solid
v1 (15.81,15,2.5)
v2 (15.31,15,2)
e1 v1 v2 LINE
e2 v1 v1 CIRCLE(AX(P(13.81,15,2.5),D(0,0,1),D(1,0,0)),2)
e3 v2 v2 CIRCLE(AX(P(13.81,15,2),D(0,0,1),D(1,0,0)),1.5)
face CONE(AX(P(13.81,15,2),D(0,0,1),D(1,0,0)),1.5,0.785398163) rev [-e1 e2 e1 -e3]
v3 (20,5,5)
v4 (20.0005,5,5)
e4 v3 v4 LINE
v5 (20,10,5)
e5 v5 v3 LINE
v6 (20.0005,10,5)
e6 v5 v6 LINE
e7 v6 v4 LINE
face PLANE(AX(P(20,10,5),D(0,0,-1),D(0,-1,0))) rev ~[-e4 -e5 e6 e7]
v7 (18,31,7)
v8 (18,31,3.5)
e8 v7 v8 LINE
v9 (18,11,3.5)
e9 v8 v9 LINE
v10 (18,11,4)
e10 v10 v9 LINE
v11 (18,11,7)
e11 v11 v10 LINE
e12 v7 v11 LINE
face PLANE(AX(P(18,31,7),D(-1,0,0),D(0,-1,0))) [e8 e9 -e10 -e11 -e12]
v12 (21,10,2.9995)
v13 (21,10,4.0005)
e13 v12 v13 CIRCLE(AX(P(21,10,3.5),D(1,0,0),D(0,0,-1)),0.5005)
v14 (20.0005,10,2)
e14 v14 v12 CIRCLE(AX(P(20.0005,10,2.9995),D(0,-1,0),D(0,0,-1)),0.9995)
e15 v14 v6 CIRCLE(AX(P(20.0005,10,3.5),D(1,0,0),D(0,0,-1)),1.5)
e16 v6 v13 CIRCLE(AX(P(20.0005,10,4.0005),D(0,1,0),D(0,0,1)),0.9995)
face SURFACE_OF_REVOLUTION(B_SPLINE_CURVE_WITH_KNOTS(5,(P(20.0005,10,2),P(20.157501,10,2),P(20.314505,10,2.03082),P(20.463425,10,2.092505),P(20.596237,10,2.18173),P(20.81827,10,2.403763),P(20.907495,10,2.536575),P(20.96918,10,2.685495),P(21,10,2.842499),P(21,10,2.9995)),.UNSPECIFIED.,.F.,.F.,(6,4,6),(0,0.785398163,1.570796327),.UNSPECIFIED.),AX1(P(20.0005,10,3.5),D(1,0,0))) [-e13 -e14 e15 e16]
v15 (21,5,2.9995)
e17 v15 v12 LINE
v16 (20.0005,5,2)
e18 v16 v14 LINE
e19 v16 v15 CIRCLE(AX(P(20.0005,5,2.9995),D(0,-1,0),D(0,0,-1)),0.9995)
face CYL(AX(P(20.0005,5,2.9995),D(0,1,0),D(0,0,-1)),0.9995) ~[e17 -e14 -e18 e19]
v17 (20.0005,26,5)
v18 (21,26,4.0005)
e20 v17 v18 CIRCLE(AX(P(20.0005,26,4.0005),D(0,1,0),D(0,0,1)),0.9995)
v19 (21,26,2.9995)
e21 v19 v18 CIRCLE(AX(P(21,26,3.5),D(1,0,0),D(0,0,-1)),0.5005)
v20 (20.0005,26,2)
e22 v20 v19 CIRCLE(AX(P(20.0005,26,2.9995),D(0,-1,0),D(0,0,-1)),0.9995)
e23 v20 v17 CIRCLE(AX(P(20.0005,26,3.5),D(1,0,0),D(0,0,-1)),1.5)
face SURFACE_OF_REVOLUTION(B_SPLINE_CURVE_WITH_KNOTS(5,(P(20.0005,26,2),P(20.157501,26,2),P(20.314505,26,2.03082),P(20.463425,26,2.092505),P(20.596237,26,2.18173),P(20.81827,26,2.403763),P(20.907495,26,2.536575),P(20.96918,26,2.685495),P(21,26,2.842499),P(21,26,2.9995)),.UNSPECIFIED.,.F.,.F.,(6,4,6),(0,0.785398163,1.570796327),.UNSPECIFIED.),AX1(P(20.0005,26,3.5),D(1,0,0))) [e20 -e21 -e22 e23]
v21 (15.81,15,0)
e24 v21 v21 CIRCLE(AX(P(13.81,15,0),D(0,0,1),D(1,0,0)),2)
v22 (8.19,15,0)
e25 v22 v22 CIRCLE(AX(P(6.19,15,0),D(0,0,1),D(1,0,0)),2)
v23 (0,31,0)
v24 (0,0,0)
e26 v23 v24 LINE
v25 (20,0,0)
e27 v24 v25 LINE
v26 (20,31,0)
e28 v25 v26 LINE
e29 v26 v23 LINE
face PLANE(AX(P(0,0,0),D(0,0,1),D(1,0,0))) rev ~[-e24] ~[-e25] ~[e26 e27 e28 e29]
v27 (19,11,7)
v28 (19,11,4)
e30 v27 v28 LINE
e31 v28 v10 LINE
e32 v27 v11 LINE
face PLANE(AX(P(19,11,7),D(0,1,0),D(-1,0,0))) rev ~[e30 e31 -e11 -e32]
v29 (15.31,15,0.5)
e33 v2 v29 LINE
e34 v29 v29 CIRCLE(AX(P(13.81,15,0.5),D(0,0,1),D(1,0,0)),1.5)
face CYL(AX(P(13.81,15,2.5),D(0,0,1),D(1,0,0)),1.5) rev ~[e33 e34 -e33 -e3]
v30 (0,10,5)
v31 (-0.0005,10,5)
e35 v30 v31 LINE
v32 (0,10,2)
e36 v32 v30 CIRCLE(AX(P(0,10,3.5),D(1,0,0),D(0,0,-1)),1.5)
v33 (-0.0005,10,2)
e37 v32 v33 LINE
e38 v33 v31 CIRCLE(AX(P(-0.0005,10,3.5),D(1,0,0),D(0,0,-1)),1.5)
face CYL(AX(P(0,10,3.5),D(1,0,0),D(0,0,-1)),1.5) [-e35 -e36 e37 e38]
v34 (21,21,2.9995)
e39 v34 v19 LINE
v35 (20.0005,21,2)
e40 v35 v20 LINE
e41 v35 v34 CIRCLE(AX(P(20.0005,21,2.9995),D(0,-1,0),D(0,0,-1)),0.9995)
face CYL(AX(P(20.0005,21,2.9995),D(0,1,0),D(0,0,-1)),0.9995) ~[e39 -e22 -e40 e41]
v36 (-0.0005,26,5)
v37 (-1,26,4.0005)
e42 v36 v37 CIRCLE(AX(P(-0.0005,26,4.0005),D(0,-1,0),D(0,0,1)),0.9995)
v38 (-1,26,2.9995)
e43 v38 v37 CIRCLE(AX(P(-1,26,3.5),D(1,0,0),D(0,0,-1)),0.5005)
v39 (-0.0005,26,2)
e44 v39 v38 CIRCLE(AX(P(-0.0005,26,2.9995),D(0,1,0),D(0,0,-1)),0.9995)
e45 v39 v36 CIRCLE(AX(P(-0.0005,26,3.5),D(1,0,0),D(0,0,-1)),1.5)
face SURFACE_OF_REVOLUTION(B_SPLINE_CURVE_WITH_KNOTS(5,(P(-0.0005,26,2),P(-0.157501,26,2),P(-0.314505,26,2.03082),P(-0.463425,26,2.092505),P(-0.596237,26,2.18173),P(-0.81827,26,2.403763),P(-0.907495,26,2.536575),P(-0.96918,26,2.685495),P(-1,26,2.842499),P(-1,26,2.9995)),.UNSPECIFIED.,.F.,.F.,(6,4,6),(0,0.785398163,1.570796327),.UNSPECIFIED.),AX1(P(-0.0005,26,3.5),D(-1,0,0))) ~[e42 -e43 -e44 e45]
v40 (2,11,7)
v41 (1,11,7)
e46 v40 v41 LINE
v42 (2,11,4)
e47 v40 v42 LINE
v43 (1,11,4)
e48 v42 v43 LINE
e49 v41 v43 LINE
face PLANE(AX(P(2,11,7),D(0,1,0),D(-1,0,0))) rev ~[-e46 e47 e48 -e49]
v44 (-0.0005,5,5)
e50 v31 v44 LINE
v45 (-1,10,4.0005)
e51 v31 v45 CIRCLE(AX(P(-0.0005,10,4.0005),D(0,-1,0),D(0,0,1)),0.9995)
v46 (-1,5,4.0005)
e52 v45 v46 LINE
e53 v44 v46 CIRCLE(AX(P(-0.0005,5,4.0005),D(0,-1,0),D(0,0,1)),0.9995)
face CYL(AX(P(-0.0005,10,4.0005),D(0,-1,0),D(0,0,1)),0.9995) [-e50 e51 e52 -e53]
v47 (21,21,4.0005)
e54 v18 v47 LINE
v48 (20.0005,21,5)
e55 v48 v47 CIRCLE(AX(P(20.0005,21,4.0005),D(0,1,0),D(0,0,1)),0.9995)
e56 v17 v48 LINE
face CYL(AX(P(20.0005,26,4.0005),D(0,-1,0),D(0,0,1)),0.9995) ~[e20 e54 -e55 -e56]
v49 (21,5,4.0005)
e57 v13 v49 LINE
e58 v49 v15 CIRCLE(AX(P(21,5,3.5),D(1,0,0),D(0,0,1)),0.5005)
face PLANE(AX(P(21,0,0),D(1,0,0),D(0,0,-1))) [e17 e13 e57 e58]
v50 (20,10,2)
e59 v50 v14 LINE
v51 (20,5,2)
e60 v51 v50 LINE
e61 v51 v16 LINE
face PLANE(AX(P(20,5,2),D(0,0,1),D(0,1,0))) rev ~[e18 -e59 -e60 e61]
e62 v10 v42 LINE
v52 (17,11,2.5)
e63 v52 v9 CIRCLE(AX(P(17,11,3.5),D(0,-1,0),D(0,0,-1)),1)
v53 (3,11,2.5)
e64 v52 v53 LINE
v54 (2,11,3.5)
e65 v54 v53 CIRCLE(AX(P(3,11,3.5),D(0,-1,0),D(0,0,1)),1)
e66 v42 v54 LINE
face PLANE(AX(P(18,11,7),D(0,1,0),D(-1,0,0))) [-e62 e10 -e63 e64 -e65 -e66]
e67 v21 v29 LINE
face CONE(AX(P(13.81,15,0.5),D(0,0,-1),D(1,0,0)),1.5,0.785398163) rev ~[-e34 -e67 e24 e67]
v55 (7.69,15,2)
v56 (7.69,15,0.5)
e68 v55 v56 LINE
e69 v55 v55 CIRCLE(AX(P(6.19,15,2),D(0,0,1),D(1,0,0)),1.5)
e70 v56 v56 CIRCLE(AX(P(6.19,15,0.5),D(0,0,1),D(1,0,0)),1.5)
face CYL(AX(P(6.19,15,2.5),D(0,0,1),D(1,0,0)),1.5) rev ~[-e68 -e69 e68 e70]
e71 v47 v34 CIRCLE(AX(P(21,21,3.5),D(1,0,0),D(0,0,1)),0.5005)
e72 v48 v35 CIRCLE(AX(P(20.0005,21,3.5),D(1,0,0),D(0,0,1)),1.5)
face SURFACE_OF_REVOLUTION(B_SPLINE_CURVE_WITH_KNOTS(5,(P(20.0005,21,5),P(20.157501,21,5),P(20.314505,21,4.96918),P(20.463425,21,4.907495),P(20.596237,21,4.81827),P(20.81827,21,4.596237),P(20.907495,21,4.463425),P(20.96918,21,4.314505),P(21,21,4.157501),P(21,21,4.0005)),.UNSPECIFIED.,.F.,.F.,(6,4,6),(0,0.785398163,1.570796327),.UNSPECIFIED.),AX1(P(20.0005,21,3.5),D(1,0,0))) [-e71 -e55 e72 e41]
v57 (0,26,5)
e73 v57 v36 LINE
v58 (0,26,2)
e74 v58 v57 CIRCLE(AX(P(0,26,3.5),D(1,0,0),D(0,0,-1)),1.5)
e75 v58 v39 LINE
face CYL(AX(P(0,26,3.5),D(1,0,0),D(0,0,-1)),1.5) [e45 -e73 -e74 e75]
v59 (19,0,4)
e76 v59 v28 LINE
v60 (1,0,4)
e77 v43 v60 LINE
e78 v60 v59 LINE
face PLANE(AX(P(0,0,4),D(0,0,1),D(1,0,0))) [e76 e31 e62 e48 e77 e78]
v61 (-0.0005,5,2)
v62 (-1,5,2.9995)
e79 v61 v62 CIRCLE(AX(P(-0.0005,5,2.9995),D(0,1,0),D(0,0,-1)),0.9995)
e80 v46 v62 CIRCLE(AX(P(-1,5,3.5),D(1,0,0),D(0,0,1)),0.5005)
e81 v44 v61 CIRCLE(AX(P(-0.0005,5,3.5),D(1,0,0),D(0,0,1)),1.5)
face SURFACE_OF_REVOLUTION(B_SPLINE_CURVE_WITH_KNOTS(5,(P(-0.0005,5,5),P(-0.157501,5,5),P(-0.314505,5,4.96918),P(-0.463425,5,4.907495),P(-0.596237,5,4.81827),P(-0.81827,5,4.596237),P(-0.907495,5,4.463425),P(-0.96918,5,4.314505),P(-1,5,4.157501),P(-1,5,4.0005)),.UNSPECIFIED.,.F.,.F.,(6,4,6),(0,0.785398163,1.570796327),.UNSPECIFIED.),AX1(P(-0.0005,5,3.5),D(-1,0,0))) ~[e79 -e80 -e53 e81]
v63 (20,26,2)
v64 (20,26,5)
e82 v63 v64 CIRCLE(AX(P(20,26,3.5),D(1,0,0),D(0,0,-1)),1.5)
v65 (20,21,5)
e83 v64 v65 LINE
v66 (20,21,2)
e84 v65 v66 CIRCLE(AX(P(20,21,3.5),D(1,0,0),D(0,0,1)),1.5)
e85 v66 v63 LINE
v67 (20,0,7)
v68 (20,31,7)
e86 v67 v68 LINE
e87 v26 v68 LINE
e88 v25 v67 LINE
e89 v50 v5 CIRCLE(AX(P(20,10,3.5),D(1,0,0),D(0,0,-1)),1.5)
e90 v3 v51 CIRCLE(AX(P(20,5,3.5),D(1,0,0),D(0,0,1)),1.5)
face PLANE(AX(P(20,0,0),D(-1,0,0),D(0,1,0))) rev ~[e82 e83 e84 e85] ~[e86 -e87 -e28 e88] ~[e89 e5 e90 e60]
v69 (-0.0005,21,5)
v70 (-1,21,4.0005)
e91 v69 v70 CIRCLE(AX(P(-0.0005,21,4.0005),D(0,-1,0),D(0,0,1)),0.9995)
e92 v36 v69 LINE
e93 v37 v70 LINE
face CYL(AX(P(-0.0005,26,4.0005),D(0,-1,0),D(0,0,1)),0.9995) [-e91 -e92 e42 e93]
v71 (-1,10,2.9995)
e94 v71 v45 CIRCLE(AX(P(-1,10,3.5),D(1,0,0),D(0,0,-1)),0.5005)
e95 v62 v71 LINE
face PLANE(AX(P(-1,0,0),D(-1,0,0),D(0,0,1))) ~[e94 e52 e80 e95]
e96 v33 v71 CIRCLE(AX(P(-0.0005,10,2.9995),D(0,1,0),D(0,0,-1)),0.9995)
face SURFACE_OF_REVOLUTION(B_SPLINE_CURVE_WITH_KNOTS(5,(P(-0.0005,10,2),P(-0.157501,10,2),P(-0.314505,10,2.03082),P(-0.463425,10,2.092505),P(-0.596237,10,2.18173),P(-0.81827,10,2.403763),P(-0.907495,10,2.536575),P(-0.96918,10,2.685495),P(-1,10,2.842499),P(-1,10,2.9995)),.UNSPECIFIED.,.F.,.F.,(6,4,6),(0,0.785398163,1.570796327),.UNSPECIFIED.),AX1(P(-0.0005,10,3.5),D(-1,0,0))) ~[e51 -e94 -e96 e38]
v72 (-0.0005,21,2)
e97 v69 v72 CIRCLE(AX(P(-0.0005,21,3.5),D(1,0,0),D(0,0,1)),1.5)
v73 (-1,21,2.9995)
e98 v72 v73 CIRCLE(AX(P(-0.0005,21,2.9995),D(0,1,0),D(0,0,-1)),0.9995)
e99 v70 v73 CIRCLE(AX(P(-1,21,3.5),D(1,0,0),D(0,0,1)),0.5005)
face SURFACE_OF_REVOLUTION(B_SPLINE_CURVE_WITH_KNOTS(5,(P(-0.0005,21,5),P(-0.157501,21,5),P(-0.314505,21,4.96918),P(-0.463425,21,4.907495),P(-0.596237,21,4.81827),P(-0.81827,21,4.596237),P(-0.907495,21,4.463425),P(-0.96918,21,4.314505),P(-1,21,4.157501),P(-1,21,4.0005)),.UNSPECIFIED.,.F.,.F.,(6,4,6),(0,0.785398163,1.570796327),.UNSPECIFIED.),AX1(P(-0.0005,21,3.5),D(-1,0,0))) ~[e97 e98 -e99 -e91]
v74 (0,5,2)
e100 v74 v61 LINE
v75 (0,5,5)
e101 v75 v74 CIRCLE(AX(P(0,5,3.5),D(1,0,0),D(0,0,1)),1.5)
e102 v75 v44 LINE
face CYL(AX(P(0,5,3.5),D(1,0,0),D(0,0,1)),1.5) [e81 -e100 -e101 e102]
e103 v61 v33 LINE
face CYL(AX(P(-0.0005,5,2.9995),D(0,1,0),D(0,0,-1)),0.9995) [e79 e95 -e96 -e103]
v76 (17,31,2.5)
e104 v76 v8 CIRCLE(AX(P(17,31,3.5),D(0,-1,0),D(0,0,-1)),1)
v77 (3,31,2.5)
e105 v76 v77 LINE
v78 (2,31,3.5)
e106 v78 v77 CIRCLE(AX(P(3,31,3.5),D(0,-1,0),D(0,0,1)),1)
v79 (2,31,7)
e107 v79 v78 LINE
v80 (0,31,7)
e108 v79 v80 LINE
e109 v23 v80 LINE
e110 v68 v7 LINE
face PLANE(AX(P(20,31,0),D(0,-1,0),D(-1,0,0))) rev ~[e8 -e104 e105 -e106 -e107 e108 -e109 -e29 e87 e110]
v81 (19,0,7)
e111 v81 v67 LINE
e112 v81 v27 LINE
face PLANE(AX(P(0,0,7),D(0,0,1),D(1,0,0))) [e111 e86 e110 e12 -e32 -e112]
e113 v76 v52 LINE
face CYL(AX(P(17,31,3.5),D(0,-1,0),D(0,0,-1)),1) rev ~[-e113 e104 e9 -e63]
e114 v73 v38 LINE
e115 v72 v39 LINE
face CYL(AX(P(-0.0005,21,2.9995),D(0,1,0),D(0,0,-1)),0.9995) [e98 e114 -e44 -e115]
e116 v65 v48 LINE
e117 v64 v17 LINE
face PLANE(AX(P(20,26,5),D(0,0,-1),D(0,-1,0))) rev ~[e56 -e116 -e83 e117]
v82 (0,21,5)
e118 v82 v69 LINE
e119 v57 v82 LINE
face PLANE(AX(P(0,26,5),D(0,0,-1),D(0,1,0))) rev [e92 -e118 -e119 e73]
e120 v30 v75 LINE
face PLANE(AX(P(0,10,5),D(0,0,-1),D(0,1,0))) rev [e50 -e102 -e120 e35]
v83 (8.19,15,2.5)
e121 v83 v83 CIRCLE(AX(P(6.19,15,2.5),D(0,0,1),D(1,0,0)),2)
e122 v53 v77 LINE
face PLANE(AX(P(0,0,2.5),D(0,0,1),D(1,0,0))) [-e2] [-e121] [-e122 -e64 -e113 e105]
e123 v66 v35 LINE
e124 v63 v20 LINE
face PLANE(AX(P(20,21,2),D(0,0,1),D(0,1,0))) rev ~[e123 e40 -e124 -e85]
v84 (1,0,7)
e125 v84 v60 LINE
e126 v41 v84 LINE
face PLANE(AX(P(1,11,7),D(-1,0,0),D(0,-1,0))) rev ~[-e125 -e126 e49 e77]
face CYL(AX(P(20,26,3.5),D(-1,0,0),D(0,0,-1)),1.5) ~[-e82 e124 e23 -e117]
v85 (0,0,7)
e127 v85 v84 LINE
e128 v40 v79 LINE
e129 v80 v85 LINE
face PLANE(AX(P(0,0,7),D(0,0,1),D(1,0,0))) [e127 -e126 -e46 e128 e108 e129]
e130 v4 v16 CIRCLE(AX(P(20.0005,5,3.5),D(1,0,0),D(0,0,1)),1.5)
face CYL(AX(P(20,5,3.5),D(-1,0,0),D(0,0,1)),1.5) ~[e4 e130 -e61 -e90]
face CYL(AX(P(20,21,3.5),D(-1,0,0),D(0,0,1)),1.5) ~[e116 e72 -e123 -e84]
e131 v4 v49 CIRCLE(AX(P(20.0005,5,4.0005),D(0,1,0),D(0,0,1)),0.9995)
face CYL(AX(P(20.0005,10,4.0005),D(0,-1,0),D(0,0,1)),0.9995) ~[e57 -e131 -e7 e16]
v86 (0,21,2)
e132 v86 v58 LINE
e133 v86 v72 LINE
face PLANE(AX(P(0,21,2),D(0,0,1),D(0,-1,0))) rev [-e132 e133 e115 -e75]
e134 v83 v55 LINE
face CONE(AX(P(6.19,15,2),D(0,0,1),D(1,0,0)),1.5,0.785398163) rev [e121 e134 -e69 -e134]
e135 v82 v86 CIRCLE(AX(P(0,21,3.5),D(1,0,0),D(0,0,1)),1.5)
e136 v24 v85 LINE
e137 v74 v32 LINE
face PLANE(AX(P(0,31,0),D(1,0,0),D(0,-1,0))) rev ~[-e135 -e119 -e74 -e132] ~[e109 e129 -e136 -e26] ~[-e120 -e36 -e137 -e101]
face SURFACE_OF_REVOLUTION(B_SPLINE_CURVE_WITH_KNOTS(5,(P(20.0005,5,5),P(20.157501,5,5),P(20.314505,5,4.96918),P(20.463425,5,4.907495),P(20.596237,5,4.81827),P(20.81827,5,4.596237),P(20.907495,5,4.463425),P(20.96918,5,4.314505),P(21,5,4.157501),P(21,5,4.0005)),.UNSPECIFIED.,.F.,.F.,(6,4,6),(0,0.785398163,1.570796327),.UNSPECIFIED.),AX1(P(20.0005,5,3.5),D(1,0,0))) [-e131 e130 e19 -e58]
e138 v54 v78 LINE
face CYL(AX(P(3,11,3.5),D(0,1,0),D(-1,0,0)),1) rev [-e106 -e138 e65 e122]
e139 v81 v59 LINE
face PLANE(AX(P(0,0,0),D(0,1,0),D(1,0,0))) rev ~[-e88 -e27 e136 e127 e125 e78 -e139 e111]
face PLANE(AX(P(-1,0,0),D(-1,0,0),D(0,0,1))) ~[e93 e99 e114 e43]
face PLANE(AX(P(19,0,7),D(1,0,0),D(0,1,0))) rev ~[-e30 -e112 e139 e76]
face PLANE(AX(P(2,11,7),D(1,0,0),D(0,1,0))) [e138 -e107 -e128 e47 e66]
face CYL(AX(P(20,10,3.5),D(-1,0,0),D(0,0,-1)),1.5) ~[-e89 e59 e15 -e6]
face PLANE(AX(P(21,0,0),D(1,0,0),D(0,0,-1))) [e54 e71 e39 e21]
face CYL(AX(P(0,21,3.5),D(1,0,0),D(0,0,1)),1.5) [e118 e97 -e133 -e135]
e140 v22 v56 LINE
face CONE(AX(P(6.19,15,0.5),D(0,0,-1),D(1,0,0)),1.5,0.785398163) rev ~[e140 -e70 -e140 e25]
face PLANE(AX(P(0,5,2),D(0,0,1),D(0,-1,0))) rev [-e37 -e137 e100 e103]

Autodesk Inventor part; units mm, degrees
ref_plane "YZ Plane" through (0, 0, 0) normal (1, 0, 0) x (0, 1, 0)
ref_plane "XZ Plane" through (0, 0, 0) normal (0, 1, 0) x (-1, 0, 0)
sketch "Sketch1" plane through (0, 0, 0) normal (0, 0, 1) x (1, 0, 0)
  line L0 (0, 0) -> (20, 0)
  line L1 (20, 0) -> (20, 31)
  line L2 (20, 31) -> (0, 31)
  line L3 (0, 31) -> (0, 0)
  dimension "d0" = 20
  dimension "d1" = 31
extrude "Extrusion1" add sketch "Sketch1" along normal blind 7
sketch "Sketch2" plane through (0, 0, 7) normal (0, 0, 1) x (1, 0, 0)
  line L0 (20, 31) -> (0, 31) projected
  line L1 (2, 31) -> (18, 31)
  line L2 (18, 31) -> (18, 11)
  line L3 (18, 11) -> (2, 11)
  line L4 (2, 11) -> (2, 31)
  line L5 (0, 31) -> (0, 0) projected
  line L6 (20, 0) -> (20, 31) projected
  dimension "d4" = 20
  dimension "d5" = 2
  dimension "d6" = 2
extrude "Extrusion2" cut sketch "Sketch2" against normal blind 4.5
sketch "Sketch3" plane through (0, 0, 7) normal (0, 0, 1) x (1, 0, 0)
  line L0 (18, 11) -> (2, 11) projected
  line L1 (1, 0) -> (19, 0)
  line L2 (19, 0) -> (19, 11)
  line L3 (19, 11) -> (1, 11)
  line L4 (1, 11) -> (1, 0)
  line L5 (0, 31) -> (0, 0) projected
  line L6 (20, 0) -> (20, 31) projected
  dimension "d9" = 1
  dimension "d10" = 1
extrude "Extrusion3" cut sketch "Sketch3" against normal blind 3
sketch "Sketch4" plane through (0, 0, 2.5) normal (0, 0, 1) x (1, 0, 0)
  circle A0 centre (6.19, 15) radius 1.5
  circle A1 centre (13.81, 15) radius 1.5
  line L0 (19, 0) -> (1, 0) projected
  line L1 (2, 31) -> (18, 31) projected
  line L2 (2, 11) -> (2, 31) construction
  line L3 (2, 31) -> (18, 31) construction
  line L4 (2, 11) -> (2, 31) construction
  line L5 (18, 11) -> (2, 11) construction
  line L6 (18, 31) -> (18, 11) construction
  line L7 (20, 31) -> (0, 31) construction
  line L8 (10, 31) -> (10, 11) construction
  line L9 (18, 11) -> (2, 11) construction
  line L10 (10, 31) -> (30, 31) construction
  point P0 (0, 0)
  point P1 (2, 21)
  dimension "d13" = 3
  dimension "d14" = 3
  dimension "d15" = 7.62
  dimension "d16" = 15
  dimension "d17" = 90
extrude "Extrusion4" cut sketch "Sketch4" against normal up to next
chamfer "Chamfer1" distance 0.5 angle 45 2 edges at (4.69, 15, 2.5) (12.31, 15, 2.5)
sketch "Sketch5" plane through (20, 0, 0) normal (1, 0, 0) x (0, 0, -1)
  line L0 (0, 0) -> (-7, 0) construction
  line L1 (-3.5, 0) -> (-3.5, 31) construction
  line L2 (-3.5, 0) -> (27.5, 0) construction
  line L3 (-3.5, 5) -> (-3.5, 10) construction
  line L4 (-2, 5) -> (-2, 10)
  line L5 (-5, 10) -> (-5, 5)
  arc A0 (-5, 5) -> (-2, 5) centre (-3.5, 5) ccw
  arc A1 (-2, 10) -> (-5, 10) centre (-3.5, 10) ccw
  line L6 (-3.5, 21) -> (-3.5, 26) construction
  line L7 (-2, 21) -> (-2, 26)
  line L8 (-5, 26) -> (-5, 21)
  arc A2 (-5, 21) -> (-2, 21) centre (-3.5, 21) ccw
  arc A3 (-2, 26) -> (-5, 26) centre (-3.5, 26) ccw
  line L9 (0, 31) -> (-7, 31) projected
  point P0 (-3.5, 7.5)
  point P1 (-3.5, 23.5)
  dimension "d23" = 31
  dimension "d24" = 90
  dimension "d25" = 3
  dimension "d26" = 3
  dimension "d27" = 5
  dimension "d28" = 5
  dimension "d29" = 5
  dimension "d30" = 5
extrude "Extrusion5" add sketch "Sketch5" along normal blind 1
ref_plane "Work Plane1" through (10, 0, 0) normal (1, 0, 0) x (0, 0, -1)
mirror "Mirror1" about plane through (10, 0, 0) normal (1, 0, 0) of "Extrusion5"
fillet "Fillet2" radius 1 16 edges at (21, 19.5, 3.5) (21, 23.5, 2) (21, 27.5, 3.5) (21, 23.5, 5) (21, 3.5, 3.5) (21, 7.5, 2) (21, 11.5, 3.5) (21, 7.5, 5) (-1, 19.5, 3.5) (-1, 23.5, 2) (-1, 27.5, 3.5) (-1, 23.5, 5) (-1, 3.5, 3.5) (-1, 7.5, 2) (-1, 11.5, 3.5) (-1, 7.5, 5)
fillet "Fillet3" radius 1 2 edges at (2, 21, 2.5) (18, 21, 2.5)
chamfer "Chamfer2" distance 0.5 angle 45 2 edges at (12.31, 15, 0) (4.69, 15, 0)
properties part number "Top"
